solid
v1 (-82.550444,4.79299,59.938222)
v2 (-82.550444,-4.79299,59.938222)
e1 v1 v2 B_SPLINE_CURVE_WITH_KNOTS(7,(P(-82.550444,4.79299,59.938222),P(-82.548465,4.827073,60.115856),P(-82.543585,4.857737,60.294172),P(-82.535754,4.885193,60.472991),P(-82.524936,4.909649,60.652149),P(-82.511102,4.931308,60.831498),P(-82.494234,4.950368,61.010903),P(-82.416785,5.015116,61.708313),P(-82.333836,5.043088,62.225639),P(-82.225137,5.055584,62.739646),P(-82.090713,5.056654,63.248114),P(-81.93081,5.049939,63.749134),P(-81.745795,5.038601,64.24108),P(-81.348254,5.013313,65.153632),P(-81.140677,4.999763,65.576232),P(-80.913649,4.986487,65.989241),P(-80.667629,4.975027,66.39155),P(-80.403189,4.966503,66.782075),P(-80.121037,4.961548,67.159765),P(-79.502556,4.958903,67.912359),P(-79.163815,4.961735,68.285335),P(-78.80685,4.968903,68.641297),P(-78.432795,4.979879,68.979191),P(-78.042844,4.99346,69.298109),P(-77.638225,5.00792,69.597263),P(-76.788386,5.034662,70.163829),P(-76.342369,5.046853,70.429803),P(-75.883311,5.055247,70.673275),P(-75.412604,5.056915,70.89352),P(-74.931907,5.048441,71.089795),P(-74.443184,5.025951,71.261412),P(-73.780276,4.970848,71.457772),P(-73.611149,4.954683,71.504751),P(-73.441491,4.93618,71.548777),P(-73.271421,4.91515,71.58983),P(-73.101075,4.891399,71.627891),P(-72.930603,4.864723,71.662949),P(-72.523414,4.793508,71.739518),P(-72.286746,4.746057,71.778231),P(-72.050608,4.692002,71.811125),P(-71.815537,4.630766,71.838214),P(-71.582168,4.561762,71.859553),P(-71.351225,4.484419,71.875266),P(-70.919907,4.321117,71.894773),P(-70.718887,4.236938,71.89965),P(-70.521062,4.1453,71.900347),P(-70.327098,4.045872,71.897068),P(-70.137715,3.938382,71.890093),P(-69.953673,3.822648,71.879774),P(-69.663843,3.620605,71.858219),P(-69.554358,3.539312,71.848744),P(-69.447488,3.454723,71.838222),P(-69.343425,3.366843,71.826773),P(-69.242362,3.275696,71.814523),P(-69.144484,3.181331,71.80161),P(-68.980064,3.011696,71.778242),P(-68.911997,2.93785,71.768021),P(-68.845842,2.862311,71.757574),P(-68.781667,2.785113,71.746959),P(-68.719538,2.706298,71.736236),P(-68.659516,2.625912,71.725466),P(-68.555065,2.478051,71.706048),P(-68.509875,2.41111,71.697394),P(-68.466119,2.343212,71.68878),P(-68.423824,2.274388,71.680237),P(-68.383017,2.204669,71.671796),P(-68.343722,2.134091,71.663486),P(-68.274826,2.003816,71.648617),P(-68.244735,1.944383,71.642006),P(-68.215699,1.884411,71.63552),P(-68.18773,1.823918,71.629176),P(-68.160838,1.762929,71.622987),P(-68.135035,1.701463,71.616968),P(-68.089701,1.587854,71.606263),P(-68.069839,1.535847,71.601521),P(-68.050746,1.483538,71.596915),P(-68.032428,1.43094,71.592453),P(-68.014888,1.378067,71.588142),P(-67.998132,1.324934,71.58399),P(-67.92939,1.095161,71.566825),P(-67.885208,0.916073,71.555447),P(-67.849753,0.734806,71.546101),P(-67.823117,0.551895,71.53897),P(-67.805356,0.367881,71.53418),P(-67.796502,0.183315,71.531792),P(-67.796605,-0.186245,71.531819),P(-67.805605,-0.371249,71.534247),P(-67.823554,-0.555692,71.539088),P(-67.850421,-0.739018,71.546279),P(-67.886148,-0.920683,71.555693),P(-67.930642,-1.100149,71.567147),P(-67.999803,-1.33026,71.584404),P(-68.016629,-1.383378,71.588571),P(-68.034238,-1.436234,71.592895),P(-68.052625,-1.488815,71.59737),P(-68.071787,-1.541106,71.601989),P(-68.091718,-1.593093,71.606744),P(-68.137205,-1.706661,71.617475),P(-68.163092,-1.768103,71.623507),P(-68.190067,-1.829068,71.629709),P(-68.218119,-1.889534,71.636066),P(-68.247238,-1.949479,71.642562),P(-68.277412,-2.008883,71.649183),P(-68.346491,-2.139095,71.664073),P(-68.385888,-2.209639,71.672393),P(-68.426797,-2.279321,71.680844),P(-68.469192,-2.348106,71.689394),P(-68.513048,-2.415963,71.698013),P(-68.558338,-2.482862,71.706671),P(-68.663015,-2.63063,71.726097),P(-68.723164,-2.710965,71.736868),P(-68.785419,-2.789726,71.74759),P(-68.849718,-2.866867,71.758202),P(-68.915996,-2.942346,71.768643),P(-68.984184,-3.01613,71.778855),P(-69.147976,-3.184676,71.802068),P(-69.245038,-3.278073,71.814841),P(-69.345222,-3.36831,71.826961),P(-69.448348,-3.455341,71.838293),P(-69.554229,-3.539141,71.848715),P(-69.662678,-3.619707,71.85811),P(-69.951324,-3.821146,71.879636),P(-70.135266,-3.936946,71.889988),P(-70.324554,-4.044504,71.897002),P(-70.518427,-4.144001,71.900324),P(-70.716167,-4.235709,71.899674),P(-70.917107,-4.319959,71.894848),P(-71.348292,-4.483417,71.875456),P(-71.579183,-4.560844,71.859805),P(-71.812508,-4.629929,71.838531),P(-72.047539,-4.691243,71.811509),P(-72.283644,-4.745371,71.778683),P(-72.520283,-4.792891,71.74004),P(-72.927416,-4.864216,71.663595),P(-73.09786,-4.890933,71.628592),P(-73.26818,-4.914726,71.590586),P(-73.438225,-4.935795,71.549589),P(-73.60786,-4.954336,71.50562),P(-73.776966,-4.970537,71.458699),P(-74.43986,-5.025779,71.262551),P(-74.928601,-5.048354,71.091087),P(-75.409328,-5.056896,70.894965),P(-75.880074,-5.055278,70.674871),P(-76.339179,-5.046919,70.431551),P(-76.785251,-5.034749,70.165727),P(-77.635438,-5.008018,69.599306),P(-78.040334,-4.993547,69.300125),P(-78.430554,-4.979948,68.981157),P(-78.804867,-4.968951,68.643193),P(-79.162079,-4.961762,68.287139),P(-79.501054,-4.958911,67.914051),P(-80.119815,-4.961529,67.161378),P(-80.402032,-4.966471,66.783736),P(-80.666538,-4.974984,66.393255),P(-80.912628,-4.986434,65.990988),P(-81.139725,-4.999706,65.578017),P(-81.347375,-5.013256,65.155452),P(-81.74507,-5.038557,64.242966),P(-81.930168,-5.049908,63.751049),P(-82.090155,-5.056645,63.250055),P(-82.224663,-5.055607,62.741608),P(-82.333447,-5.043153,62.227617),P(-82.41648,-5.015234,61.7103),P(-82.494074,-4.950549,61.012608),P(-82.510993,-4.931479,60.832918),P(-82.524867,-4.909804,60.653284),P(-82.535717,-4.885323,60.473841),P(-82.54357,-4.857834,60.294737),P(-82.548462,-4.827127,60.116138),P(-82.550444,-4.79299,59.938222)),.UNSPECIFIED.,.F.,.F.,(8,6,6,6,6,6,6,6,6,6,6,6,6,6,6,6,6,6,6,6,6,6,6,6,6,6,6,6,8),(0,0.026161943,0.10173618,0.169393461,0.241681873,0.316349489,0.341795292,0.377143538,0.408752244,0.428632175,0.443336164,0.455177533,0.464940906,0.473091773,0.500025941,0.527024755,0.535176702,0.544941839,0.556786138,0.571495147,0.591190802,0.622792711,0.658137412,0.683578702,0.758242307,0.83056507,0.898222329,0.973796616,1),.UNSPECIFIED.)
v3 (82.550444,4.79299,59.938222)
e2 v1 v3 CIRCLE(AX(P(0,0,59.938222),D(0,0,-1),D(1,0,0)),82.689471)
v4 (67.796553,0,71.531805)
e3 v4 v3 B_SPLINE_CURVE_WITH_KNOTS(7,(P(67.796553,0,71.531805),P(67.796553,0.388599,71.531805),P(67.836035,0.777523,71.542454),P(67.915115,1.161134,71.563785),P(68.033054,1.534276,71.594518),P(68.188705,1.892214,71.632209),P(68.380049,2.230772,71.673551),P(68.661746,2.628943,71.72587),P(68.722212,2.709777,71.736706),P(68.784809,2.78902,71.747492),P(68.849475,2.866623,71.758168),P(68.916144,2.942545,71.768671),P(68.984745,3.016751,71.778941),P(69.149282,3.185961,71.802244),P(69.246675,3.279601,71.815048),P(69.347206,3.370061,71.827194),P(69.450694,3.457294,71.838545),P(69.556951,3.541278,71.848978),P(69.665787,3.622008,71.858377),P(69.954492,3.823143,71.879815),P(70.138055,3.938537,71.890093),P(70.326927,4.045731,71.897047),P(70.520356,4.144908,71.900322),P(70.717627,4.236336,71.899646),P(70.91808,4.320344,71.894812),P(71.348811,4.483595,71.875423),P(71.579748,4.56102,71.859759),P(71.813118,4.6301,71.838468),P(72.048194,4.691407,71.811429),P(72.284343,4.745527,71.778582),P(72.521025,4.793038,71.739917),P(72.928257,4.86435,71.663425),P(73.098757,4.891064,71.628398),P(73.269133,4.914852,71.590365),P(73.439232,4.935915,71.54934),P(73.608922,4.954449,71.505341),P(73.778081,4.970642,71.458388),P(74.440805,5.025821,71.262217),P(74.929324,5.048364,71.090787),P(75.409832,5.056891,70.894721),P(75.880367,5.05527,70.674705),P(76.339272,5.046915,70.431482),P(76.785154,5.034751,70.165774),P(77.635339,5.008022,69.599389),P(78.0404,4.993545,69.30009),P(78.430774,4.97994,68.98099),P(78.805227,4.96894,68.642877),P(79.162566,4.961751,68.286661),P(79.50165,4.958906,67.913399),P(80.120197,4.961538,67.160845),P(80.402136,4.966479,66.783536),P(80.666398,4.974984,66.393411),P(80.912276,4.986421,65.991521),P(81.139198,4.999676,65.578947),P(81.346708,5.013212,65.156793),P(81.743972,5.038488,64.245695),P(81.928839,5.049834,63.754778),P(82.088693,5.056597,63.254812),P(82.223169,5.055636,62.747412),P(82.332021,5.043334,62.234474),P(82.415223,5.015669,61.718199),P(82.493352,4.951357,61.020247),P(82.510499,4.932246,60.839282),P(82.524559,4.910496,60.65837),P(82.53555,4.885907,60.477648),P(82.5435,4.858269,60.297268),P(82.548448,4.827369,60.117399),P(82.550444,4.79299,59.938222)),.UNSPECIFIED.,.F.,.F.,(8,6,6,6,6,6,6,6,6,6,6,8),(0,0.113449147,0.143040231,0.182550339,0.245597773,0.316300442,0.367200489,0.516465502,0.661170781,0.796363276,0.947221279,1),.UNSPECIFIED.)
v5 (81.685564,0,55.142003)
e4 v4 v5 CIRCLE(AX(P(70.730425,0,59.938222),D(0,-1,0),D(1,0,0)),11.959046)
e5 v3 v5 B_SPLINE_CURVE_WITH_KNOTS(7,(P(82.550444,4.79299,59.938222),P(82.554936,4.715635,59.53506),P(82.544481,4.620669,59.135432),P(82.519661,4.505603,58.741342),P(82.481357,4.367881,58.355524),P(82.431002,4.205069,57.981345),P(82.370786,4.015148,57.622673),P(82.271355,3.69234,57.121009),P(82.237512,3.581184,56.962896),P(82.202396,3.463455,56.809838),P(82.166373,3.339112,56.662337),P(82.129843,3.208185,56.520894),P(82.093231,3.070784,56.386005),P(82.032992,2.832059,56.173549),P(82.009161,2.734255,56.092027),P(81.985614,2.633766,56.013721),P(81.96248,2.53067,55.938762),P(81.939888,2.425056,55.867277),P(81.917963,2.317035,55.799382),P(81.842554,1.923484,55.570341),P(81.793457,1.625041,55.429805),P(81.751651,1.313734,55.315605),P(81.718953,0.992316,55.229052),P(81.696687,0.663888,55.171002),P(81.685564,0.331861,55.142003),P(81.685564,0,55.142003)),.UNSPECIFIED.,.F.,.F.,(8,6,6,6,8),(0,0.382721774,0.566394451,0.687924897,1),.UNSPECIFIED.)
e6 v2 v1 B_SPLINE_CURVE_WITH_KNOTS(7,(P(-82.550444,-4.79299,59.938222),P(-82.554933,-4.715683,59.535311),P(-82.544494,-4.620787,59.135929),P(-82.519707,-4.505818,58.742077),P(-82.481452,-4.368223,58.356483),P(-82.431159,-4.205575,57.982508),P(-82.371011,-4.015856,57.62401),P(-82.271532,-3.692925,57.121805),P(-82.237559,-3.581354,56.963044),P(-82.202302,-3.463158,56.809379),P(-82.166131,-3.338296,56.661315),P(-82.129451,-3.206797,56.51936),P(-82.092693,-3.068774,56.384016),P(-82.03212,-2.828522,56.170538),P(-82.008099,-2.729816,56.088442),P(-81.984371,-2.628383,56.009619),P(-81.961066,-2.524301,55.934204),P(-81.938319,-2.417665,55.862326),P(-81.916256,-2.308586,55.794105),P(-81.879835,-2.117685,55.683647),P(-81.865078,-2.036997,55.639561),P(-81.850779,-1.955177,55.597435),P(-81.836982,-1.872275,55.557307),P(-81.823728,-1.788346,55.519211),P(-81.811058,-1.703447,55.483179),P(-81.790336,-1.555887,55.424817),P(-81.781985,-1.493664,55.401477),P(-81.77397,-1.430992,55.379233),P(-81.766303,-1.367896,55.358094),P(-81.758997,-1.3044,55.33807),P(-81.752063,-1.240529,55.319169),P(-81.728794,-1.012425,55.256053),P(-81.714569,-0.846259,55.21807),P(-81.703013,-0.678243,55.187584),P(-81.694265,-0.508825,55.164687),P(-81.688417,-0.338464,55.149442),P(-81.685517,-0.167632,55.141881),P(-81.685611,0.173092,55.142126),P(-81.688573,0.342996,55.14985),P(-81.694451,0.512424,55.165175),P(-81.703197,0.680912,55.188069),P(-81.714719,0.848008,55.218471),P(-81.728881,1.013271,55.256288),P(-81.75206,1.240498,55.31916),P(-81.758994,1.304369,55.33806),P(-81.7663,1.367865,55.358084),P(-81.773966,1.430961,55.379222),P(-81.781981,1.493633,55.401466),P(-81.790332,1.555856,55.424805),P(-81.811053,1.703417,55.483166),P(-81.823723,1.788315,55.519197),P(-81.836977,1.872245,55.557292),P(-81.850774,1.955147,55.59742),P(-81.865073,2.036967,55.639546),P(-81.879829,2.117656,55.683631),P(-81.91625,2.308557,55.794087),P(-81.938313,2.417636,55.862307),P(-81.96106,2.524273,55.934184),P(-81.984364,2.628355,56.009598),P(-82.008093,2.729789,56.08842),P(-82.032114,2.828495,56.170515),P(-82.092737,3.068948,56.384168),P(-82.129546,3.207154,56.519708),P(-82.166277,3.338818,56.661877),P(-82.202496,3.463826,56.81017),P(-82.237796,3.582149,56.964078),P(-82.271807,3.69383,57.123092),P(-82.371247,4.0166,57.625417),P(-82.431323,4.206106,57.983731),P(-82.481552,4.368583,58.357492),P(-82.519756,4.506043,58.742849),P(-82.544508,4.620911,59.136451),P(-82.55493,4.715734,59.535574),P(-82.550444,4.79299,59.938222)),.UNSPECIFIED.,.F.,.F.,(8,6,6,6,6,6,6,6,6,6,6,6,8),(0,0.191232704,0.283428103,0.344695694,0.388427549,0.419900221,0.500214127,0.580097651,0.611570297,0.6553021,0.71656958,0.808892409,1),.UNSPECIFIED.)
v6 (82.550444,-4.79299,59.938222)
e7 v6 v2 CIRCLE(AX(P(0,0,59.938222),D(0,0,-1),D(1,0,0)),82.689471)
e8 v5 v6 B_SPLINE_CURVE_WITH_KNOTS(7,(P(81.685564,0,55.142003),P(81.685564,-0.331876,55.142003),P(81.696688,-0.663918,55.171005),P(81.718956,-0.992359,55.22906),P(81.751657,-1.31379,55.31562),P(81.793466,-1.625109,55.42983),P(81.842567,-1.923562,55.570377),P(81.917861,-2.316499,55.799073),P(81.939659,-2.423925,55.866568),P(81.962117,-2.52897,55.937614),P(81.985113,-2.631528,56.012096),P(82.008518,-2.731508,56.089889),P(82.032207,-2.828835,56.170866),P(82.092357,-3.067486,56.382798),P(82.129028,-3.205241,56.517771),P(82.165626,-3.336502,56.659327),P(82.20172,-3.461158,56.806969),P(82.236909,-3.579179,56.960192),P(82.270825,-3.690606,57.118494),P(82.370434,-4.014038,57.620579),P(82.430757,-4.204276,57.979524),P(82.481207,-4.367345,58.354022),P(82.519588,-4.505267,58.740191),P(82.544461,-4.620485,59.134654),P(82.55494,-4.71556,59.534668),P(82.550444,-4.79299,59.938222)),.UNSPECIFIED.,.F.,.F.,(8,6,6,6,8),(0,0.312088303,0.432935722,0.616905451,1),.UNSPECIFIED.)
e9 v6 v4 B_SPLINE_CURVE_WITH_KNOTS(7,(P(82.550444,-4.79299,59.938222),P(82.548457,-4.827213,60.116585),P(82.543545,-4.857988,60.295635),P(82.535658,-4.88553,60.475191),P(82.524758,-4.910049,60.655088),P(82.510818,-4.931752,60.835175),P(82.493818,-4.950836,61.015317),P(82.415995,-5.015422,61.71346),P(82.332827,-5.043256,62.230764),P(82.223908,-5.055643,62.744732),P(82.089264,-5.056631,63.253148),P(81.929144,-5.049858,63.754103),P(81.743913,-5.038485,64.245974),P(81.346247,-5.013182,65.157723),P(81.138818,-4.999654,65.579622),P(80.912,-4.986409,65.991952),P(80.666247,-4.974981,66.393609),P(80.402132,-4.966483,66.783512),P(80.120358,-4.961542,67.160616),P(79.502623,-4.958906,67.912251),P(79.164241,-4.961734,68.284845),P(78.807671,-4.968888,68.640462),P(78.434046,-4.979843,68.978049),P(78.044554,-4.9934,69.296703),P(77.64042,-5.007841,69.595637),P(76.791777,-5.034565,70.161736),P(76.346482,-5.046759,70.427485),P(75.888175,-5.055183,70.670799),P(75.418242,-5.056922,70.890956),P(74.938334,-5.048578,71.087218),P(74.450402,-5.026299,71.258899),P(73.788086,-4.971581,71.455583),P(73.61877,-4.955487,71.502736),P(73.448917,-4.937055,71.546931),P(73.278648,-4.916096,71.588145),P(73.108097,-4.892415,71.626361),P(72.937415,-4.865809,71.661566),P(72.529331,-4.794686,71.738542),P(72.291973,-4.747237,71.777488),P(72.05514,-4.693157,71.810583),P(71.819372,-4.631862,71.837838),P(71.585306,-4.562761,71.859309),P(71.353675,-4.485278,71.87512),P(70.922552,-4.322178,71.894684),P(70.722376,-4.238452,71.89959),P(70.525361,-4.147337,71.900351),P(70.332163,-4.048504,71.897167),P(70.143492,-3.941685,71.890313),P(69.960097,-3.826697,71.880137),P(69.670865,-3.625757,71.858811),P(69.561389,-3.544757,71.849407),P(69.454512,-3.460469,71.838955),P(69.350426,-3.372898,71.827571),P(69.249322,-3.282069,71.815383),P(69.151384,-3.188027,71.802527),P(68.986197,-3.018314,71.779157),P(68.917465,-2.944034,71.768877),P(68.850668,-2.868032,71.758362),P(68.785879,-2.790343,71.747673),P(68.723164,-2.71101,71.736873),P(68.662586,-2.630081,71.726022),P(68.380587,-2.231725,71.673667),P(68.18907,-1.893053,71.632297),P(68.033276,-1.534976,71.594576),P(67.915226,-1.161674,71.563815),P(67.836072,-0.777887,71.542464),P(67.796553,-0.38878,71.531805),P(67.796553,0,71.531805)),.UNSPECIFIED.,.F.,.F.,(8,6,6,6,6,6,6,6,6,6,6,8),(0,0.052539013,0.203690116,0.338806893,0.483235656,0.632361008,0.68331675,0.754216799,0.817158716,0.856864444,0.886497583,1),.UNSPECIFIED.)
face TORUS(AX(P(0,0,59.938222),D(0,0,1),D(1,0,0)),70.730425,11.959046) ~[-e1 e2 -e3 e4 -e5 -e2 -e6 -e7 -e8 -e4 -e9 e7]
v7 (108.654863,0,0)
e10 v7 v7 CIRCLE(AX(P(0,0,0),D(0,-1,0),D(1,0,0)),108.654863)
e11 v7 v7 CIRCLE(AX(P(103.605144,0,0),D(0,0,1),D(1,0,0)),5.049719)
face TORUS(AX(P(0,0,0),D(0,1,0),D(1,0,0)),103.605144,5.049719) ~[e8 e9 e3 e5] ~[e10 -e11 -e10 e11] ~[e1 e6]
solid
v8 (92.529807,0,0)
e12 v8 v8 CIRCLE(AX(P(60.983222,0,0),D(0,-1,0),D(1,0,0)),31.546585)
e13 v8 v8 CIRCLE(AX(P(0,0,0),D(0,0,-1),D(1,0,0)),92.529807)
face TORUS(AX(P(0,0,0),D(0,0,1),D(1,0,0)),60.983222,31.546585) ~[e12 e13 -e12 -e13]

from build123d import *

# Parameters (mm, degrees)
F0_R = 31.546585
F2_R = 11.959046
F4_R = 5.049719


with BuildPart() as f1:
    # F0 (on Front) → F1 (revolve)
    with BuildSketch(Plane.XZ):
        with Locations((60.983222, 0)):
            Circle(F0_R)
    revolve(axis=Axis((0, 0, 2e-06), (0, 0, -1)))


with BuildPart() as f3:
    # F2 (on Front) → F3 (revolve)
    with BuildSketch(Plane.XZ):
        with Locations((70.730425, 59.938222)):
            Circle(F2_R)
    revolve(axis=Axis((0, 0, 58.443919), (0, 0, -1)))

    # F4 (on Top) → F5 (revolve)
    with BuildSketch(Plane.XY):
        with Locations((103.605144, 0)):
            Circle(F4_R)
    revolve(axis=Axis((0, 1.660341, 0), (0, -1, 0)))


solid = Compound([f1.part, f3.part])
